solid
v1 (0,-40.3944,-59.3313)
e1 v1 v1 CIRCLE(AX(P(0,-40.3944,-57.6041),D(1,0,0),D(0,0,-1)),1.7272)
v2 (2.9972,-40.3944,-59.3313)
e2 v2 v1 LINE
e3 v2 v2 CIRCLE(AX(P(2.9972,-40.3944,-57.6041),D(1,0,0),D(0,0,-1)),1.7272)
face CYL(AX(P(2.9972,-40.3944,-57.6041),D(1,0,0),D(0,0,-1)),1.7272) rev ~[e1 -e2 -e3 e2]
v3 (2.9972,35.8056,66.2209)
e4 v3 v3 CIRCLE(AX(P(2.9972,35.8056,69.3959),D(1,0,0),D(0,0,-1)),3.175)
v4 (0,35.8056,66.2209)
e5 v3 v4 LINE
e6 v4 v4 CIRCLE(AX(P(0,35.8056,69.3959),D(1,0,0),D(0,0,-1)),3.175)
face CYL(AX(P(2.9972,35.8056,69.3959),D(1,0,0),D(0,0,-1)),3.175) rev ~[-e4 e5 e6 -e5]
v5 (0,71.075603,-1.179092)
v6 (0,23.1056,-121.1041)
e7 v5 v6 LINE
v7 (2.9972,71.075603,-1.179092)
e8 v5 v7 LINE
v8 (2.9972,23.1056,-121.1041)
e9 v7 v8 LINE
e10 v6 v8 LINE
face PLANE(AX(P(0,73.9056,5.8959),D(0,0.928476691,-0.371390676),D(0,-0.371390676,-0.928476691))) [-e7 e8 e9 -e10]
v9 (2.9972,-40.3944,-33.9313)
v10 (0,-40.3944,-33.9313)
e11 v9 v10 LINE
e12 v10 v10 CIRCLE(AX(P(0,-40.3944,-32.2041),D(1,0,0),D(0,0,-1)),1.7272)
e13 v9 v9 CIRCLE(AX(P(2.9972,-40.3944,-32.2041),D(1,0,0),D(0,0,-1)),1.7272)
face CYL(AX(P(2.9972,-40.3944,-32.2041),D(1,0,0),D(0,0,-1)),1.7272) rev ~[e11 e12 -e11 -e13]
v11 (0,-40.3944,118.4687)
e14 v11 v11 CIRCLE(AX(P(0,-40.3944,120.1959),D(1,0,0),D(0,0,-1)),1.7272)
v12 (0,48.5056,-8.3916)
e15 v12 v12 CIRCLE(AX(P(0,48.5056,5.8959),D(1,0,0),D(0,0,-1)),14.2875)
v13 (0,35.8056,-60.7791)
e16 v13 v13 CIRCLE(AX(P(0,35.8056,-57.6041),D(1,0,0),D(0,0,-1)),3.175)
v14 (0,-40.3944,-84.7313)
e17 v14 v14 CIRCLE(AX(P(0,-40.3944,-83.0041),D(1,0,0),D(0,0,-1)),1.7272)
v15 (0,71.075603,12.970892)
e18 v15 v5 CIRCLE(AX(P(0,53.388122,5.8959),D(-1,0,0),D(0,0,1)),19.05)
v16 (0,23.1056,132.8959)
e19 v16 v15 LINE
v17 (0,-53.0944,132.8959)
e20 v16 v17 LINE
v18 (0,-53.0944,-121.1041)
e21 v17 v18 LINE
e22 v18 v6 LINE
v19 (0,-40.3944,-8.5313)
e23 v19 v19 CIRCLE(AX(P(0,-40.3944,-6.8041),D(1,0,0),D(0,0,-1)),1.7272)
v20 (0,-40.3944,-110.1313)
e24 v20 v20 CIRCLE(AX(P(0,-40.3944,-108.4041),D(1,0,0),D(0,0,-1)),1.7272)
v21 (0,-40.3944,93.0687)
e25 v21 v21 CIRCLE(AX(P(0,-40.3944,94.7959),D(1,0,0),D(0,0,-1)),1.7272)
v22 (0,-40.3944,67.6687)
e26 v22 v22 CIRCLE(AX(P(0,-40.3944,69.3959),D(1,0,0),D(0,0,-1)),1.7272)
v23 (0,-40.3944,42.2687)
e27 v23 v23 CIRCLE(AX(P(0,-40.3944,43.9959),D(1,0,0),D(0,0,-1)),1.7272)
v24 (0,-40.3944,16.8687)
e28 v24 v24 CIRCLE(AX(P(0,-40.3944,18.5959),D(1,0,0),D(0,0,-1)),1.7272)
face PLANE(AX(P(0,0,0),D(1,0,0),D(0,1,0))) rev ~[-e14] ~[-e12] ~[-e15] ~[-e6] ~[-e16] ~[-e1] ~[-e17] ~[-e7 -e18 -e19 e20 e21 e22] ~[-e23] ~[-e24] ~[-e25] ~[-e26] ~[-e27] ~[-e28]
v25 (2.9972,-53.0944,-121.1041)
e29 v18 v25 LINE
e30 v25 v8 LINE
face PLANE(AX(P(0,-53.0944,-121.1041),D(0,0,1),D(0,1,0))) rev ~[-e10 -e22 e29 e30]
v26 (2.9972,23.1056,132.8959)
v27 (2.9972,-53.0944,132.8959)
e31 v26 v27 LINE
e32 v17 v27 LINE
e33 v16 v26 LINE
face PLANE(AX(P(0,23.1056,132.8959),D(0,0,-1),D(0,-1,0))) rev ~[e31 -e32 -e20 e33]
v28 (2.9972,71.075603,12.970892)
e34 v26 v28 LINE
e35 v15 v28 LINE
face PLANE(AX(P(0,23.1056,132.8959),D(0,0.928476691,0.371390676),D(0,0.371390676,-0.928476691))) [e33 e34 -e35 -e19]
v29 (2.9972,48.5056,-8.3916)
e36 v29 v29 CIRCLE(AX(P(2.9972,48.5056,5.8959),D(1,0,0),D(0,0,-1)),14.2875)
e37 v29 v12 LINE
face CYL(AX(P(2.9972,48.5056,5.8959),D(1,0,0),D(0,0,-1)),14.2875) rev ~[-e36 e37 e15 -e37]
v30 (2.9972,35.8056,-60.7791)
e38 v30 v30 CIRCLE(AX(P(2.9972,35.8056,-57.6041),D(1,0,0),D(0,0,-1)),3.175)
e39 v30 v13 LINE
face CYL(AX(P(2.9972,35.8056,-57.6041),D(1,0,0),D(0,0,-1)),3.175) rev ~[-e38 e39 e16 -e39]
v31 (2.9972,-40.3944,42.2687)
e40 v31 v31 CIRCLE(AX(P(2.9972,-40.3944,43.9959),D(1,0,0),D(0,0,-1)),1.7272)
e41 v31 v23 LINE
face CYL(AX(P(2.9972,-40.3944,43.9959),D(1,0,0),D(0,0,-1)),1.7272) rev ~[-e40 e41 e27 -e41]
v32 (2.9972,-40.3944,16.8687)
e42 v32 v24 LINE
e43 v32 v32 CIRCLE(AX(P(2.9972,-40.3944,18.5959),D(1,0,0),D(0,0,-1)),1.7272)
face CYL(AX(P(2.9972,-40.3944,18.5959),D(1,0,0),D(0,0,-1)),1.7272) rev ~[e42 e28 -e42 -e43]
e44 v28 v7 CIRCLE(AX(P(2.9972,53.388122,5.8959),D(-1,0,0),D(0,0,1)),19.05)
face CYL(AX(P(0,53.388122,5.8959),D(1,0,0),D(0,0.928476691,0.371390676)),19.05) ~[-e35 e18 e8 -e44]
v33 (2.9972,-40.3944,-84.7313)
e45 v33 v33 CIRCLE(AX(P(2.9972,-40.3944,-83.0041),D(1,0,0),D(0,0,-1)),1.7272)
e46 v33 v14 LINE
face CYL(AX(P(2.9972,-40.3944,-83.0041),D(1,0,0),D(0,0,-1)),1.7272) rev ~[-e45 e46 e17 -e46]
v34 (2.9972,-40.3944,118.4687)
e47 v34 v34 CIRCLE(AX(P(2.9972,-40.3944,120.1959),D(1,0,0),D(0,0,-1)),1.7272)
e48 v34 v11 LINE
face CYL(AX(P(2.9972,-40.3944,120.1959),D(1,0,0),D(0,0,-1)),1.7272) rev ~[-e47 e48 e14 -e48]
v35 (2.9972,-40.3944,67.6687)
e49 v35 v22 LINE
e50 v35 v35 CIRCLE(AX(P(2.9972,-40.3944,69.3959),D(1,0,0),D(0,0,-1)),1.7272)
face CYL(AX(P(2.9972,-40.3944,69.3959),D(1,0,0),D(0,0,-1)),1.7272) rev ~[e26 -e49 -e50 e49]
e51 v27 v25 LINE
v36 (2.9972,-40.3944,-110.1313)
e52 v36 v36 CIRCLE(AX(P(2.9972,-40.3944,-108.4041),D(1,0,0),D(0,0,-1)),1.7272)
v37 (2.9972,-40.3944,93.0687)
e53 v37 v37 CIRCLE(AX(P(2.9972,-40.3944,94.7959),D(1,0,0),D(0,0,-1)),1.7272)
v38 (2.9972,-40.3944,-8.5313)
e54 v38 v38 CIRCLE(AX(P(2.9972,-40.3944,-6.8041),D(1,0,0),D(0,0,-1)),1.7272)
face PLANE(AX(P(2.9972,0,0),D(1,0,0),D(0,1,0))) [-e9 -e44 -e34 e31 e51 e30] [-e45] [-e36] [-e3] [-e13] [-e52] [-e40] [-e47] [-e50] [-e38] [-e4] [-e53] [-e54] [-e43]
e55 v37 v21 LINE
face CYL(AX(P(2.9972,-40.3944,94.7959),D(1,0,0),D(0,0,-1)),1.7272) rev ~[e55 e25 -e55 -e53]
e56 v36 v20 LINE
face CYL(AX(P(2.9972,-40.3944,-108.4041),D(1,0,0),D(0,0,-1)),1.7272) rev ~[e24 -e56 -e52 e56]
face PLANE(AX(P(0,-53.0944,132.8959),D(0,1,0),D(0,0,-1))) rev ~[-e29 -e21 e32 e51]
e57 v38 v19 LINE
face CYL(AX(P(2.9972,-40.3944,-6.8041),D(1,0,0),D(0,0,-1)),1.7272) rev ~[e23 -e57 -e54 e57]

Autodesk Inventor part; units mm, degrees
ref_plane "YZ Plane" through (0, 0, 0) normal (1, 0, 0) x (0, 1, 0)
ref_plane "XZ Plane" through (0, 0, 0) normal (0, 1, 0) x (-1, 0, 0)
ref_plane "XY Plane" through (0, 0, 0) normal (0, 0, 1) x (1, 0, 0)
sketch "Sketch1" plane through (0, 0, 0) normal (1, 0, 0) x (0, 1, 0)
  line L0 (23.1056, 132.8959) -> (-53.0944, 132.8959)
  line L1 (-53.0944, 132.8959) -> (-53.0944, -121.1041)
  line L2 (-53.0944, -121.1041) -> (23.1056, -121.1041)
  line L3 (23.1056, 132.8959) -> (73.9056, 5.8959)
  line L4 (73.9056, 5.8959) -> (23.1056, -121.1041)
  line L5 (73.9056, 5.8959) -> (-53.0944, 5.8959) construction
  point P0 (0, 0)
  dimension "d0" = 76.2
  dimension "d1" = 254
extrude "Extrusion1" add sketch "Sketch1" along normal blind 2.9972
sketch "Sketch2" plane through (2.9972, 0, 0) normal (1, 0, 0) x (0, 0, -1)
  circle A0 centre (-120.1959, -40.3944) radius 1.7272
  line L0 (-132.8959, 23.1056) -> (-132.8959, -53.0944) projected
  line L1 (-132.8959, -53.0944) -> (121.1041, -53.0944) projected
  point P0 (0, 0)
  dimension "d5" = 12.7
  dimension "d6" = 12.7
  dimension "d7" = 3.4544
extrude "Extrusion2" cut sketch "Sketch2" against normal through all
pattern_linear "Rectangular Pattern1" count 10 spacing 25.4 along (0, 0, -1) of "Extrusion2"
sketch "Sketch3" plane through (2.9972, 0, 0) normal (1, 0, 0) x (0, 0, -1)
  circle A0 centre (-5.8959, 48.5056) radius 14.2875
  line L0 (121.1041, 23.1056) -> (-5.8959, 73.9056) projected
  line L1 (-5.8959, 73.9056) -> (-5.8959, 48.5056) construction
  point P0 (0, 0)
  dimension "d13" = 28.575
  dimension "d14" = 25.4
extrude "Extrusion3" cut sketch "Sketch3" against normal through all
sketch "Sketch4" plane through (2.9972, 0, 0) normal (1, 0, 0) x (0, 0, -1)
  circle A0 centre (-69.3959, 35.8056) radius 3.175
  circle A1 centre (57.6041, 35.8056) radius 3.175
  line L0 (-69.3959, 35.8056) -> (57.6041, 35.8056) construction
  line L1 (121.1041, 23.1056) -> (-5.8959, 73.9056) projected
  line L2 (-5.8959, 73.9056) -> (-5.8959, 17.32) construction
  point P0 (0, 0)
  dimension "d17" = 6.35
  dimension "d18" = 127
  dimension "d19" = 63.5
  dimension "d20" = 38.1
extrude "Extrusion4" cut sketch "Sketch4" against normal through all
fillet "Fillet1" radius 19.05 1 edges at (1.4986, 73.9056, 5.8959)
properties part number "Jeep Plate" material "Polycarbonate, Clear"
